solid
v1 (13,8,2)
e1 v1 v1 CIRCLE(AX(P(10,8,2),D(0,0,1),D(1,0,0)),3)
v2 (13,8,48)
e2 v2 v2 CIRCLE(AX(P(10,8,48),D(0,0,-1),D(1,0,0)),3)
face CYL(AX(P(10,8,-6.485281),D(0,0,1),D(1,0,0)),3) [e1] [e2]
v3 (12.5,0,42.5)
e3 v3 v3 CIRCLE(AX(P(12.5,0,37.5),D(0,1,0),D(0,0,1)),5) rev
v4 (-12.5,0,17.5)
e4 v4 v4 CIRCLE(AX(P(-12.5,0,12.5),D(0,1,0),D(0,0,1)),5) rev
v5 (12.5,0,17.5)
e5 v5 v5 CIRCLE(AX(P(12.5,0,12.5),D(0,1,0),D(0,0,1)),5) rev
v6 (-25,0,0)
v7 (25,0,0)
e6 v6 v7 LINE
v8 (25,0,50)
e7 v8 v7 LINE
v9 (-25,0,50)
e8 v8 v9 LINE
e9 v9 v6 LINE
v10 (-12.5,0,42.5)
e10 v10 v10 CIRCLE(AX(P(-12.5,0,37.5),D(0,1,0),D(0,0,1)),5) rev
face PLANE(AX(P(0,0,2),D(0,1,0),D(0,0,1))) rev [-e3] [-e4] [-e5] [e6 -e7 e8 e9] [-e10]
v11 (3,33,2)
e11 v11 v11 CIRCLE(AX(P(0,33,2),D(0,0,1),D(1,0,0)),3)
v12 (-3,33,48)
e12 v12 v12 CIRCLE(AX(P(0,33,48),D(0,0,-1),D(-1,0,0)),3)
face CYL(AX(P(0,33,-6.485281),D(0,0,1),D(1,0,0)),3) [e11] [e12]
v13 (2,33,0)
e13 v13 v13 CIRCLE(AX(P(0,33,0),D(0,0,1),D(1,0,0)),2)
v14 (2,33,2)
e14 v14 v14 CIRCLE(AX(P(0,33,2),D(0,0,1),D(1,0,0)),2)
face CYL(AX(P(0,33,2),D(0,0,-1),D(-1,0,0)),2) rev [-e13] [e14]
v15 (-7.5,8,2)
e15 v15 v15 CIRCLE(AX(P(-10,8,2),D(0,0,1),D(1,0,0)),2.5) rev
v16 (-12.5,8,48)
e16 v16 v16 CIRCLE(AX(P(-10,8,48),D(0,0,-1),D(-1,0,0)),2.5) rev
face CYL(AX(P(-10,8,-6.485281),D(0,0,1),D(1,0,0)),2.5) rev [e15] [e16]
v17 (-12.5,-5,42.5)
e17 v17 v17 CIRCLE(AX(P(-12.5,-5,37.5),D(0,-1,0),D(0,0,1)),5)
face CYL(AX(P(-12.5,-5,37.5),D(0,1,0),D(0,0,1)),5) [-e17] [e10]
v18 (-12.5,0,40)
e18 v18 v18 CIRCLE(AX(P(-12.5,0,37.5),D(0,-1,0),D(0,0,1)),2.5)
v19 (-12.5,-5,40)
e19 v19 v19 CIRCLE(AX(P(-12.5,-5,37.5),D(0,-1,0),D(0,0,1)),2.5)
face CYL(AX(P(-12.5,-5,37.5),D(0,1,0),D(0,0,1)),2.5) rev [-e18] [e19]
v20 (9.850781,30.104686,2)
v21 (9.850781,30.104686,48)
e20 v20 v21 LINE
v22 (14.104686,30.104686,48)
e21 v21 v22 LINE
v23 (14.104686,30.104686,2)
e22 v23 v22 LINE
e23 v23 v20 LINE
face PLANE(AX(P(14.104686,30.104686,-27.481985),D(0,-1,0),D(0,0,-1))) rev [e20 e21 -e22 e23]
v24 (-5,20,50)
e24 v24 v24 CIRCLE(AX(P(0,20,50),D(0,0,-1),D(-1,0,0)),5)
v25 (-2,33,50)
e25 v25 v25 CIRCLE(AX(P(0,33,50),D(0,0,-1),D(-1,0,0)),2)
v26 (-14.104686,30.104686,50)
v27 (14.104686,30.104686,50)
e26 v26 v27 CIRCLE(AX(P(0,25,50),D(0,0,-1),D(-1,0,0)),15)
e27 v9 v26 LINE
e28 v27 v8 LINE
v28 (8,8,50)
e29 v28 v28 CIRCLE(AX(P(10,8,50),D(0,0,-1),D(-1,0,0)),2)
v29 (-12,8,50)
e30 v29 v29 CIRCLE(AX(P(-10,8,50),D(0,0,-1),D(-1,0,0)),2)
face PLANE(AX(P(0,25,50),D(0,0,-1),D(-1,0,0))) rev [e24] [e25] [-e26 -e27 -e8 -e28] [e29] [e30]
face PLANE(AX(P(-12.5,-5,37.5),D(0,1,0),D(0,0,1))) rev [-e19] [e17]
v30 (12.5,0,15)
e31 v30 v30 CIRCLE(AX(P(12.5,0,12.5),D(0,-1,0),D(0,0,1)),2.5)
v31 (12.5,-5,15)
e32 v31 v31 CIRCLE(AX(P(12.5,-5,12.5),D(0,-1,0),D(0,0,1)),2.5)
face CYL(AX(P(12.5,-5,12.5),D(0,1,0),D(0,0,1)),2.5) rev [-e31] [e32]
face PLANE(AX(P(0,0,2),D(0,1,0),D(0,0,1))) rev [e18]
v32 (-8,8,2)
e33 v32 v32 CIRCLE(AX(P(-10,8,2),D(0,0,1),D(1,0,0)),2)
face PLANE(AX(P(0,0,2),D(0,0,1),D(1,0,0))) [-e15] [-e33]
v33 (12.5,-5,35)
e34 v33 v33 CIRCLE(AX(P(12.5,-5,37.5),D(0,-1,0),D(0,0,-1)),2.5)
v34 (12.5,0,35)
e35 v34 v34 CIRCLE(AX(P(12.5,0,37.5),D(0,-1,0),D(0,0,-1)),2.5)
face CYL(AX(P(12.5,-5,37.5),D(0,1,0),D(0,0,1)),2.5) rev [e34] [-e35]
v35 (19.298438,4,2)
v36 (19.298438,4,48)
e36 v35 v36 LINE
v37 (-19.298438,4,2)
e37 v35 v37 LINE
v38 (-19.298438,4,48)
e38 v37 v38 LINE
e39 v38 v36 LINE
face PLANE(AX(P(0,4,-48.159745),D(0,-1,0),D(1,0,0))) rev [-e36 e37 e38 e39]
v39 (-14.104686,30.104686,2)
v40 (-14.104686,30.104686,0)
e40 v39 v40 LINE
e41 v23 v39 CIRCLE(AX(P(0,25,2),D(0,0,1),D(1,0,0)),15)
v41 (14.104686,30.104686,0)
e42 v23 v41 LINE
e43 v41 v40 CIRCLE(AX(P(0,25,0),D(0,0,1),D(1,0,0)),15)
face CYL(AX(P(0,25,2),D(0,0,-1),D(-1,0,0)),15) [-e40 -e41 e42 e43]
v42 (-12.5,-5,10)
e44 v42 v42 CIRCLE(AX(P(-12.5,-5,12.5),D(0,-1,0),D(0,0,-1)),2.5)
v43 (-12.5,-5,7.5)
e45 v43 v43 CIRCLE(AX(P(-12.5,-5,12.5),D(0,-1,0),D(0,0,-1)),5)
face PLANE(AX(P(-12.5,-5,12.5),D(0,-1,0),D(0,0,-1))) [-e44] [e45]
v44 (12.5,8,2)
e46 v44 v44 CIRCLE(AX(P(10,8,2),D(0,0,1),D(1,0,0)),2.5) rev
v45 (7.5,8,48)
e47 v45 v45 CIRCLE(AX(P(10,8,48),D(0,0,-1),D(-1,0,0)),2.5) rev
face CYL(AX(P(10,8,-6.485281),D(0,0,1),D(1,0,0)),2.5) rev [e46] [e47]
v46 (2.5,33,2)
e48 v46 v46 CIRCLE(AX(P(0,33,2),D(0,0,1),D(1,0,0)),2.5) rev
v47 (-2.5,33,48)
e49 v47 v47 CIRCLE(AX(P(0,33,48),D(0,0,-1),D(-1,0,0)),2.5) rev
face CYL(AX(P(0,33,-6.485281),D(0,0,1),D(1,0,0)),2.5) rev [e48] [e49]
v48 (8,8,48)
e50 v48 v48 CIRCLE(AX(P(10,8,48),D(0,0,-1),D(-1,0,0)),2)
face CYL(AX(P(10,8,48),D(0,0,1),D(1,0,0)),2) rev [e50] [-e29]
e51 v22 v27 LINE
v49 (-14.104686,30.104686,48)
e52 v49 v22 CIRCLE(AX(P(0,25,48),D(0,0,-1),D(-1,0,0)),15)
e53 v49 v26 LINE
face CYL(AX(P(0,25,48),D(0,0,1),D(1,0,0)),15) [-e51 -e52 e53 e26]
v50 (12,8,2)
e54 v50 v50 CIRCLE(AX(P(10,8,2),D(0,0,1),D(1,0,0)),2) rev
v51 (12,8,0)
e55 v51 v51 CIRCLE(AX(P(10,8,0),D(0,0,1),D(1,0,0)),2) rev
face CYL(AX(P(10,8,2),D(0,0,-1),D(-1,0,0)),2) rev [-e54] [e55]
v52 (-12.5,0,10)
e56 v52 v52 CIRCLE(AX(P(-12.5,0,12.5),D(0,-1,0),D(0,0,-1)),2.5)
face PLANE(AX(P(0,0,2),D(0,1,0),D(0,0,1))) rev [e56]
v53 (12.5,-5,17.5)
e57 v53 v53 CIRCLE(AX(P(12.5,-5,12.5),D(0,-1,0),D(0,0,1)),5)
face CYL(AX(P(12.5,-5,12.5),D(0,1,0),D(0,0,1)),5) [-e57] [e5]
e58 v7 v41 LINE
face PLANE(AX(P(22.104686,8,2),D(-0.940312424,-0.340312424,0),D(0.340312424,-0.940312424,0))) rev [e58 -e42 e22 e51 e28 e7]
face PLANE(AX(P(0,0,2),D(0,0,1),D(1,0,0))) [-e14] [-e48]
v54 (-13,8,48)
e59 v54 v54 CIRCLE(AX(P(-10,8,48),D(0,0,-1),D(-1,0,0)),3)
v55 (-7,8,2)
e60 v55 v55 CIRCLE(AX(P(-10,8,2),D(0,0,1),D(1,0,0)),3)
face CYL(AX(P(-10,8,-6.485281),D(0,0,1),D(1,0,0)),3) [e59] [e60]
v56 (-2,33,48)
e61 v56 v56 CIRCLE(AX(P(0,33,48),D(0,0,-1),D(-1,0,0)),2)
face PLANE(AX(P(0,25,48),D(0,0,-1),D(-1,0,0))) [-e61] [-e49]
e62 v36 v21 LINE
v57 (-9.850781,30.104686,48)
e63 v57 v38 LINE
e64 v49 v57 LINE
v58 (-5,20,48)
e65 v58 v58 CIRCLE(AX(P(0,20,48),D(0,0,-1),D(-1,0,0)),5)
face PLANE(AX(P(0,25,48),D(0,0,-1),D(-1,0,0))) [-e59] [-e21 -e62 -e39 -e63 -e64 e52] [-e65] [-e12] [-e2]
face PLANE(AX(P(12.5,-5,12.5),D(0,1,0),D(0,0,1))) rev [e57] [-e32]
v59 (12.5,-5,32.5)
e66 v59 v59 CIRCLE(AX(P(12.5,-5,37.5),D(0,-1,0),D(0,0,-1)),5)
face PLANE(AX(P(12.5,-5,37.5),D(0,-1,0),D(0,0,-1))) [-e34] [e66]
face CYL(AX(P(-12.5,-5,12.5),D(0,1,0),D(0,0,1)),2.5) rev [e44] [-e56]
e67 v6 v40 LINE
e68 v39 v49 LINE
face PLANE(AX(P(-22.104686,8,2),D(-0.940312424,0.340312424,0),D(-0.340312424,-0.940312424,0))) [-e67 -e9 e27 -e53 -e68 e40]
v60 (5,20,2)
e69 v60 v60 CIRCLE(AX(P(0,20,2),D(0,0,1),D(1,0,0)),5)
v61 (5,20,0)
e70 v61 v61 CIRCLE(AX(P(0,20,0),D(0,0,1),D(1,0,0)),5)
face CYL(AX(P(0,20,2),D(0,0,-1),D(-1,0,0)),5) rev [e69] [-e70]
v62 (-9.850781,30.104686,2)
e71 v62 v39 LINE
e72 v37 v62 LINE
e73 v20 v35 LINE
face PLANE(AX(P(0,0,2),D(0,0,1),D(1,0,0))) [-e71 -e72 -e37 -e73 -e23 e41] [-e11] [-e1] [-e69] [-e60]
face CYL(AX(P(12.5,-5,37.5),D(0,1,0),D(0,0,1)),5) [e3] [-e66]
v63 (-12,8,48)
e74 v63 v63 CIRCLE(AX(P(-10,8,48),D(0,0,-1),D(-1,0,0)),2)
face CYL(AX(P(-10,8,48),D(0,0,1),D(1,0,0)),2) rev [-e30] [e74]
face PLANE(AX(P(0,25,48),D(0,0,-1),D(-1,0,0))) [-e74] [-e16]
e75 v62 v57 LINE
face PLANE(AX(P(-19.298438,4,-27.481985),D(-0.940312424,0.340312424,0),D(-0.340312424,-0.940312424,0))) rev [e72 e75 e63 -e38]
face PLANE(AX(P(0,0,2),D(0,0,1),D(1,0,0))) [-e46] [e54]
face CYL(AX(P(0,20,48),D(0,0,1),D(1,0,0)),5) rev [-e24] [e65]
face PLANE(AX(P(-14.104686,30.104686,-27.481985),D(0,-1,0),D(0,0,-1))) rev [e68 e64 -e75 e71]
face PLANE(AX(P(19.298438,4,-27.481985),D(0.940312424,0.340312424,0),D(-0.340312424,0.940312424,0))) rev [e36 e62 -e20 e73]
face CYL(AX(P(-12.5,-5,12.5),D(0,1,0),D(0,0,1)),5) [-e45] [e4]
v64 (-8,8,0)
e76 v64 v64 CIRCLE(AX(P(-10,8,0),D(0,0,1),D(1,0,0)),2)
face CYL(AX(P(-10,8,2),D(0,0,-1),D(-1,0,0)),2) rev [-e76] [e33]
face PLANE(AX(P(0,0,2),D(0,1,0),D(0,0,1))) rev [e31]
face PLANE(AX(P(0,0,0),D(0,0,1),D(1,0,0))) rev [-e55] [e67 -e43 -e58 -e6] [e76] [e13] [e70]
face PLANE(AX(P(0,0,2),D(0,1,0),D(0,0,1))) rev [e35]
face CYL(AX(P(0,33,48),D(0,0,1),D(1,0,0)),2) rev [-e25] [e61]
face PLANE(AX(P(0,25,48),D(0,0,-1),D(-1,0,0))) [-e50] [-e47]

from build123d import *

# Parameters (mm, degrees)
SKETCH1_R           = 5
SKETCH1_R_2         = 2
BOSS_EXTRUDE1_DEPTH = 2
SKETCH2_R           = 2
SKETCH2_R_2         = 5
BOSS_EXTRUDE2_DEPTH = 2
BOSS_EXTRUDE3_DEPTH = 46
SKETCH7_R           = 3
SKETCH7_R_2         = 2.5
BOSS_EXTRUDE4_DEPTH = 46
BOSS_EXTRUDE5_DEPTH = 46
SKETCH10_R          = 5
SKETCH10_R_2        = 2.5
BOSS_EXTRUDE6_DEPTH = 5


with BuildPart() as part:
    # Sketch1 → Boss-Extrude1 (new body)
    with BuildSketch(Plane.XY):
        with BuildLine():
            Line((-25, 0), (25, 0))
            Line((25, 0), (14.104686356, 30.104686356))
            ThreePointArc((14.104686356, 30.104686356), (0, 40), (-14.104686356, 30.104686356))
            Line((-14.104686356, 30.104686356), (-25, 0))
        make_face()
        with Locations((0, 20)):
            Circle(SKETCH1_R, mode=Mode.SUBTRACT)
        with Locations((-10, 8)):
            Circle(SKETCH1_R_2, mode=Mode.SUBTRACT)
        with Locations((10, 8)):
            Circle(SKETCH1_R_2, mode=Mode.SUBTRACT)
        with Locations((0, 33)):
            Circle(SKETCH1_R_2, mode=Mode.SUBTRACT)
    extrude(amount=BOSS_EXTRUDE1_DEPTH)



with BuildPart() as body_2:
    # Sketch2 → Boss-Extrude2 (new body)
    with BuildSketch(Plane(origin=(0, 0, 50), x_dir=(-1, 0, 0), z_dir=(0, 0, -1))):
        with BuildLine():
            Line((-25, 0), (25, 0))
            Line((25, 0), (14.104686356, 30.104686356))
            ThreePointArc((14.104686356, 30.104686356), (0, 40), (-14.104686356, 30.104686356))
            Line((-14.104686356, 30.104686356), (-25, 0))
        make_face()
        with Locations(Location((-10, 8, 0), (0, 0, 180))):
            Circle(SKETCH2_R, mode=Mode.SUBTRACT)
        with Locations(Location((10, 8, 0), (0, 0, 180))):
            Circle(SKETCH2_R, mode=Mode.SUBTRACT)
        with Locations(Location((0, 33, 0), (0, 0, 180))):
            Circle(SKETCH2_R, mode=Mode.SUBTRACT)
        with Locations(Location((0, 20, 0), (0, 0, 180))):
            Circle(SKETCH2_R_2, mode=Mode.SUBTRACT)
    extrude(amount=BOSS_EXTRUDE2_DEPTH)


with BuildPart() as part_1:
    add(part.part)

    add(body_2.part)  # Boss-Extrude3 merges body 2
    # Sketch4 → Boss-Extrude3 (add)
    with BuildSketch(Plane(origin=(0, 0, 48), x_dir=(-1, 0, 0), z_dir=(0, 0, -1))):
        Polygon((-25, 0), (25, 0), (23.552343178, 4), (-23.552343178, 4), align=None)
    extrude(amount=BOSS_EXTRUDE3_DEPTH)

    # Sketch7 → Boss-Extrude4 (add)
    # profile 1 of 3: a face of its own
    with BuildSketch(Plane(origin=(0, 0, 48), x_dir=(-1, 0, 0), z_dir=(0, 0, -1))):
        with Locations(Location((10, 8, 0), (0, 0, 180))):
            Circle(SKETCH7_R)
        with Locations(Location((10, 8, 0), (0, 0, 180))):
            Circle(SKETCH7_R_2, mode=Mode.SUBTRACT)
    # profile 2 of 3: a face of its own
    with BuildSketch(Plane(origin=(0, 0, 48), x_dir=(-1, 0, 0), z_dir=(0, 0, -1))):
        with Locations(Location((0, 33, 0), (0, 0, 180))):
            Circle(SKETCH7_R)
        with Locations(Location((0, 33, 0), (0, 0, 180))):
            Circle(SKETCH7_R_2, mode=Mode.SUBTRACT)
    # profile 3 of 3: a face of its own
    with BuildSketch(Plane(origin=(0, 0, 48), x_dir=(-1, 0, 0), z_dir=(0, 0, -1))):
        with Locations(Location((-10, 8, 0), (0, 0, 180))):
            Circle(SKETCH7_R)
        with Locations(Location((-10, 8, 0), (0, 0, 180))):
            Circle(SKETCH7_R_2, mode=Mode.SUBTRACT)
    extrude(amount=BOSS_EXTRUDE4_DEPTH)

    # Sketch5 → Boss-Extrude5 (add)
    with BuildSketch(Plane(origin=(0, 0, 48), x_dir=(-1, 0, 0), z_dir=(0, 0, -1))):
        Polygon((19.298437881, 4), (9.850781059, 30.104686356), (14.104686356, 30.104686356), (23.552343178, 4), align=None)
        Polygon((-23.552343178, 4), (-19.298437881, 4), (-9.850781059, 30.104686356), (-14.104686356, 30.104686356), align=None)
    extrude(amount=BOSS_EXTRUDE5_DEPTH)

    # Sketch10 → Boss-Extrude6 (add)
    # profile 1 of 4: a face of its own
    with BuildSketch(Plane.XZ):
        with Locations(Location((-12.5, 12.5, 0), (0, 0, 90))):
            Circle(SKETCH10_R)
        with Locations(Location((-12.5, 12.5, 0), (0, 0, 270))):
            Circle(SKETCH10_R_2, mode=Mode.SUBTRACT)
    # profile 2 of 4: a face of its own
    with BuildSketch(Plane.XZ):
        with Locations(Location((-12.5, 37.5, 0), (0, 0, 90))):
            Circle(SKETCH10_R)
        with Locations(Location((-12.5, 37.5, 0), (0, 0, 90))):
            Circle(SKETCH10_R_2, mode=Mode.SUBTRACT)
    # profile 3 of 4: a face of its own
    with BuildSketch(Plane.XZ):
        with Locations(Location((12.5, 37.5, 0), (0, 0, 90))):
            Circle(SKETCH10_R)
        with Locations(Location((12.5, 37.5, 0), (0, 0, 270))):
            Circle(SKETCH10_R_2, mode=Mode.SUBTRACT)
    # profile 4 of 4: a face of its own
    with BuildSketch(Plane.XZ):
        with Locations(Location((12.5, 12.5, 0), (0, 0, 90))):
            Circle(SKETCH10_R)
        with Locations(Location((12.5, 12.5, 0), (0, 0, 90))):
            Circle(SKETCH10_R_2, mode=Mode.SUBTRACT)
    extrude(amount=BOSS_EXTRUDE6_DEPTH)


solid = part_1.part
